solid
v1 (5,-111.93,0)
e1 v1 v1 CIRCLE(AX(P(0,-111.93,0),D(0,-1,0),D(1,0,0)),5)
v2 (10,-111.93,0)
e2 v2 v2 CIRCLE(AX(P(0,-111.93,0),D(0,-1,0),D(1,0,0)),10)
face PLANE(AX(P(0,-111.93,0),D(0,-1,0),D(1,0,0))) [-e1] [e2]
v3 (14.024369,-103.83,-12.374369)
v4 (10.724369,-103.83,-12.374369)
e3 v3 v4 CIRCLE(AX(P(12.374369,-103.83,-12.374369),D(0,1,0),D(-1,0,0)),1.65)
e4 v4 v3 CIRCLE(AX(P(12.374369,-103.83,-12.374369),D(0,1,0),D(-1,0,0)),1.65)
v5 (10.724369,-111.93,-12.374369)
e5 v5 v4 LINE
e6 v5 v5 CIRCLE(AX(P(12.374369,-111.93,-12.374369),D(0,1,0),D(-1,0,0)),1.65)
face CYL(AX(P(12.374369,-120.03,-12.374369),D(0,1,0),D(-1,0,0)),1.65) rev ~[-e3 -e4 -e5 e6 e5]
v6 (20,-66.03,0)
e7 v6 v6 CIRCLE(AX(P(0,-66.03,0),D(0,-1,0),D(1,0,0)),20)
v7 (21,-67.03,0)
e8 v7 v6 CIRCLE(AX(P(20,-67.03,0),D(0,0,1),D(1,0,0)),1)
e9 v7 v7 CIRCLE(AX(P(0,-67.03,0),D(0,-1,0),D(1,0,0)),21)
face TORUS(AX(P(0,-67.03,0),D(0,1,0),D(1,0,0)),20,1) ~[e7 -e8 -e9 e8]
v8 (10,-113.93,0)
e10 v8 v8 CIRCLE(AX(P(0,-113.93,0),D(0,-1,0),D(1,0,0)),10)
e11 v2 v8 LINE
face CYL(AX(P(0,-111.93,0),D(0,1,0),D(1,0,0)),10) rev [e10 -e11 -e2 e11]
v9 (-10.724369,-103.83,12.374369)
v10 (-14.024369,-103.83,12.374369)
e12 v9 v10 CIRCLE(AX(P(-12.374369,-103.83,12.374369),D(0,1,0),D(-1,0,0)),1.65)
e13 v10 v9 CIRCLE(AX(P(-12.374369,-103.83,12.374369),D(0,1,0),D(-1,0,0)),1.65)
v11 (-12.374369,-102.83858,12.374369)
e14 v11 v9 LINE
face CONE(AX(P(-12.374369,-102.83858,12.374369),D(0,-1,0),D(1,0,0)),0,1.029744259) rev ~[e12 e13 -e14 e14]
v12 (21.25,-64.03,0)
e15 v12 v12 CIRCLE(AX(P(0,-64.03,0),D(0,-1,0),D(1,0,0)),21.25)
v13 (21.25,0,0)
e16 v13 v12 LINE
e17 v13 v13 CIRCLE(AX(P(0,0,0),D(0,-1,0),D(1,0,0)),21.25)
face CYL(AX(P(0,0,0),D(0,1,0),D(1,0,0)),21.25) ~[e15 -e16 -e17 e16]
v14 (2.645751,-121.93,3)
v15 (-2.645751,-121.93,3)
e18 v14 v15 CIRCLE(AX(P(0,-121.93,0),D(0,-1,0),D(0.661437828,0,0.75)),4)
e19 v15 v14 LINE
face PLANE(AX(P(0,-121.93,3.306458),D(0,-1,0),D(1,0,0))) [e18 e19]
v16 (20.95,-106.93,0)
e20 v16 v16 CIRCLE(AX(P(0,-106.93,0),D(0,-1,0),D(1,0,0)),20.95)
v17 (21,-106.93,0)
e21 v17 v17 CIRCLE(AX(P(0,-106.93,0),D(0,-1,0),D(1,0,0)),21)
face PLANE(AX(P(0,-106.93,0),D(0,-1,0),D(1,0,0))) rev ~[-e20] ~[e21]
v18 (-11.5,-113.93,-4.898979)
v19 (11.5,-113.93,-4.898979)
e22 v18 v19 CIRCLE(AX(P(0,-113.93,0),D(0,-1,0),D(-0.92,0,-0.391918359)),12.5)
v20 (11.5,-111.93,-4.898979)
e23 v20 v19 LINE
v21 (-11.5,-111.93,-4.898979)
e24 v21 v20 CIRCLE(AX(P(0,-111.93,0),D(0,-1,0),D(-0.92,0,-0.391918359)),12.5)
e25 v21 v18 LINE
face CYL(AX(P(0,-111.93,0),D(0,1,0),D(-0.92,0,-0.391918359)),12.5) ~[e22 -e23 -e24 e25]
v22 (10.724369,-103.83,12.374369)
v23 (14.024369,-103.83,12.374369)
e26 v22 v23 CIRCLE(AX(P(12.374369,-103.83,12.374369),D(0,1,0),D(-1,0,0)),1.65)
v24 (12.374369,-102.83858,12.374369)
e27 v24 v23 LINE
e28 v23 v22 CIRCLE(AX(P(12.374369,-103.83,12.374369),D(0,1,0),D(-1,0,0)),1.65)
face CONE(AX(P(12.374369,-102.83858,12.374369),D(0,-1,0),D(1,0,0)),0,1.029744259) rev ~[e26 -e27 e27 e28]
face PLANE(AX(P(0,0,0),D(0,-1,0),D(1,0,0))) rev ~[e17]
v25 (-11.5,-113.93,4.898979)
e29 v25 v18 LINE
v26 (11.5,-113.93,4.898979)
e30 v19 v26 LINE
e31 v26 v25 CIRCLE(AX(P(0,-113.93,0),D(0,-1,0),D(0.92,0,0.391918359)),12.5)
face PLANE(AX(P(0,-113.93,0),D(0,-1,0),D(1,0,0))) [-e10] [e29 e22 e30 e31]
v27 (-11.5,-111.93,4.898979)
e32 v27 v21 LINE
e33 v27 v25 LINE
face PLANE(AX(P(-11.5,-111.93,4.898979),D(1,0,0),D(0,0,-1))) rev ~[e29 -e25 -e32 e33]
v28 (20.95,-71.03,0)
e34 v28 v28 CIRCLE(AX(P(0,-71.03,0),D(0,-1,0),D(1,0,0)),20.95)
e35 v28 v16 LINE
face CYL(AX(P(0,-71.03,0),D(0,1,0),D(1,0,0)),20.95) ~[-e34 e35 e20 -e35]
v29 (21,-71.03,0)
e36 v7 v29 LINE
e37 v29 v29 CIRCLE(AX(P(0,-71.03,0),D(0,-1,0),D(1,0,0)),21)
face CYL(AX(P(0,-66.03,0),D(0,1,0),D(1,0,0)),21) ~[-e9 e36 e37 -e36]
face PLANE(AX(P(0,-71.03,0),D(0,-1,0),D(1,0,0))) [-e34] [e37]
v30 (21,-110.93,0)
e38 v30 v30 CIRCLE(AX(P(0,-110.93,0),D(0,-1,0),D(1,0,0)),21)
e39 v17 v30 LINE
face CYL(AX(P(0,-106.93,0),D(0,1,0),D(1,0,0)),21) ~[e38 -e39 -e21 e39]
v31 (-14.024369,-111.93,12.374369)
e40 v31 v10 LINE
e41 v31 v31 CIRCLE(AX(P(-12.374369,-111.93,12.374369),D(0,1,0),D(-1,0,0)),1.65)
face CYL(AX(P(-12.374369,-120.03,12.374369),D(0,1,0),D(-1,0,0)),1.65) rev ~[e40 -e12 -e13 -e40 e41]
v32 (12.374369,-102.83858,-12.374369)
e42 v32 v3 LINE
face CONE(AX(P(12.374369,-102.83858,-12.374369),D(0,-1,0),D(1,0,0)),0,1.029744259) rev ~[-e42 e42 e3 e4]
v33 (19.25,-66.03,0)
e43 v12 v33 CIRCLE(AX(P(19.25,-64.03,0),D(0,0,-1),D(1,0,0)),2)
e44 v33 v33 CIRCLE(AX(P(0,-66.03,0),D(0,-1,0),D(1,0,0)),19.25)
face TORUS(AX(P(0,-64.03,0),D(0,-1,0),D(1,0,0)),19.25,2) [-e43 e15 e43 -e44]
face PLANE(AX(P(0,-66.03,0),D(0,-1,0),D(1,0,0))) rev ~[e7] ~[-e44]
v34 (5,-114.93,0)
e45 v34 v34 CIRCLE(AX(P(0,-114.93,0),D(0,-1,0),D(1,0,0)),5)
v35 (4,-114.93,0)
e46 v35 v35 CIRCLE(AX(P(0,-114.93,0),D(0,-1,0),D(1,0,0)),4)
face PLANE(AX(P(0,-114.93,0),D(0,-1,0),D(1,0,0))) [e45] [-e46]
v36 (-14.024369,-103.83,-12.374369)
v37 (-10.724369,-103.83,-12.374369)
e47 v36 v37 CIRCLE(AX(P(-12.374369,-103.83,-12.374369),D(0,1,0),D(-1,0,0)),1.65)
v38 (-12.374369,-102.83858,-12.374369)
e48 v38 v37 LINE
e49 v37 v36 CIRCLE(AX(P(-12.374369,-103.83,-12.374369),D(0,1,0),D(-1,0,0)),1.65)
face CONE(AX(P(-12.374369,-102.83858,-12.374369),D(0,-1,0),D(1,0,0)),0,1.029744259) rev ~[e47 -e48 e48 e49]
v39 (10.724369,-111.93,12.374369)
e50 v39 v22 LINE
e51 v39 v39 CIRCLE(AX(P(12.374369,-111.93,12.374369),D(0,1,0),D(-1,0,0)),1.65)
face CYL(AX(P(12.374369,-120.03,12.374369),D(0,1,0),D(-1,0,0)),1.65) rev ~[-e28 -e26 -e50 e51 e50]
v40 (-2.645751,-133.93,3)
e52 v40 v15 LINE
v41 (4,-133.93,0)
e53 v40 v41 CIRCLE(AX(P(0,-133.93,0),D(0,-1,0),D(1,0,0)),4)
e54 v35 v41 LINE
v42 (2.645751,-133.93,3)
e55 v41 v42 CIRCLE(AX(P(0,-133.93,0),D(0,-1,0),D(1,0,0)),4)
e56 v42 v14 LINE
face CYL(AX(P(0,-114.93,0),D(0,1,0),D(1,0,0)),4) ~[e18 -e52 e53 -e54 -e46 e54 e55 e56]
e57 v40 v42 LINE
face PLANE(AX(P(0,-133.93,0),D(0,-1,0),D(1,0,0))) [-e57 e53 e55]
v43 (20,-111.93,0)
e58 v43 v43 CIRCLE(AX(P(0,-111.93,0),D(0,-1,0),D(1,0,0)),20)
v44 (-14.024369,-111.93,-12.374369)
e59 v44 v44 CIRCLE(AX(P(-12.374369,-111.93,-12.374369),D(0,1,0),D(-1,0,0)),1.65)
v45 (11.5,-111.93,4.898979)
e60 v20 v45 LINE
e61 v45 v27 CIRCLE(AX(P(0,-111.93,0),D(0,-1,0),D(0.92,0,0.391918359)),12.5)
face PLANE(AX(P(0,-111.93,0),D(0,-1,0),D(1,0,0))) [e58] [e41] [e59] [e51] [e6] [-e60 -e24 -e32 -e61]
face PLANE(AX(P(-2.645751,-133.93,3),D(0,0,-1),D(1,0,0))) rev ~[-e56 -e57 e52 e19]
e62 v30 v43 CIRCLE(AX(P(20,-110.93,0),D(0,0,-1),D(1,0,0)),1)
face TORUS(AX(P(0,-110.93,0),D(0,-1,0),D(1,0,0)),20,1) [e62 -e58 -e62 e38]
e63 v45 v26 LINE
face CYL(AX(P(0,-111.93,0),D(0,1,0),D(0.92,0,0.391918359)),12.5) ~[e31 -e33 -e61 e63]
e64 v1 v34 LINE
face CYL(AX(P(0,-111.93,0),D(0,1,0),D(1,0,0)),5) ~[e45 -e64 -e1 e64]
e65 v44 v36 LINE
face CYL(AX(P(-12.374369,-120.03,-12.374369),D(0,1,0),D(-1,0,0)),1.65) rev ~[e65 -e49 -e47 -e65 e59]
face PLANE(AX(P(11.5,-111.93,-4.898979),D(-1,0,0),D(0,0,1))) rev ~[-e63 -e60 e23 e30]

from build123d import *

# Parameters (mm, degrees)
F0_R      = 21.25
F1_DEPTH  = 66.03
F2_R      = 2
F3_R      = 21
F3_R_2    = 19.25
F4_DEPTH  = 5
F5_R      = 20.95
F6_DEPTH  = 35.9
F7_R      = 21
F7_R_2    = 20.95
F8_DEPTH  = 5
F9_R      = 10
F10_DEPTH = 2
F11_R     = 5
F12_DEPTH = 3
F13_R     = 4
F14_DEPTH = 19
F16_DEPTH = 12
F18_D     = 3.3
F18_DEPTH = 8.1
F18_TIP   = 0.9914200214
F19_R     = 1


with BuildPart() as f1:
    # F0 (on Front) → F1 (new body)
    with BuildSketch(Plane.XZ):
        Circle(F0_R)
    extrude(amount=F1_DEPTH)

    # F2
    f2_edges = [f1.edges().sort_by_distance(p)[0] for p in [
        (-21.25, -66.03, 0),
    ]]
    fillet(f2_edges, radius=F2_R)

    # F3 (on face) → F4 (join)
    with BuildSketch(Plane.XZ.offset(66.03)):
        Circle(F3_R)
        Circle(F3_R_2, mode=Mode.SUBTRACT)
        Circle(F3_R_2)
    extrude(amount=F4_DEPTH)

    # F5 (on face) → F6 (join)
    with BuildSketch(Plane.XZ.offset(71.03)):
        Circle(F5_R)
    extrude(amount=F6_DEPTH)

    # F7 (on face) → F8 (join)
    with BuildSketch(Plane.XZ.offset(106.93)):
        Circle(F7_R)
        Circle(F7_R_2, mode=Mode.SUBTRACT)
        Circle(F7_R_2)
    extrude(amount=F8_DEPTH)

    # F9 (on face) → F10 (join)
    with BuildSketch(Plane.XZ.offset(111.93)):
        with BuildLine():
            Line((11.5, -4.8989794856), (11.5, 4.8989794856))
            ThreePointArc((11.5, 4.8989794856), (0, 12.5), (-11.5, 4.8989794856))
            Line((-11.5, 4.8989794856), (-11.5, -4.8989794856))
            ThreePointArc((-11.5, -4.8989794856), (0, -12.5), (11.5, -4.8989794856))
        make_face()
        Circle(F9_R, mode=Mode.SUBTRACT)
    extrude(amount=F10_DEPTH)

    # F11 (on face) → F12 (join)
    with BuildSketch(Plane.XZ.offset(111.93)):
        Circle(F11_R)
    extrude(amount=F12_DEPTH)

    # F13 (on face) → F14 (join)
    with BuildSketch(Plane.XZ.offset(114.93)):
        Circle(F13_R)
    extrude(amount=F14_DEPTH)

    # F15 (on face) → F16 (cut)
    with BuildSketch(Plane.XZ.offset(133.93)):
        with BuildLine():
            Line((-2.6457513111, 3), (2.6457513111, 3))
            ThreePointArc((2.6457513111, 3), (0, 4), (-2.6457513111, 3))
        make_face()
    extrude(amount=-F16_DEPTH, mode=Mode.SUBTRACT)

    # F18
    with Locations(Plane.XZ.offset(111.93)):
        with Locations((-12.3743686708, 12.3743686708), (12.3743686708, 12.3743686708), (12.3743686708, -12.3743686708), (-12.3743686708, -12.3743686708)):
            Hole(F18_D / 2, depth=F18_DEPTH)
            with Locations((0, 0, -(F18_DEPTH + F18_TIP / 2))):  # 118° drill point
                Cone(0, F18_D / 2, F18_TIP, mode=Mode.SUBTRACT)

    # F19
    f19_edges = [f1.edges().sort_by_distance(p)[0] for p in [
        (-21, -66.03, 0),
        (-21, -111.93, 0),
    ]]
    fillet(f19_edges, radius=F19_R)


solid = f1.part
